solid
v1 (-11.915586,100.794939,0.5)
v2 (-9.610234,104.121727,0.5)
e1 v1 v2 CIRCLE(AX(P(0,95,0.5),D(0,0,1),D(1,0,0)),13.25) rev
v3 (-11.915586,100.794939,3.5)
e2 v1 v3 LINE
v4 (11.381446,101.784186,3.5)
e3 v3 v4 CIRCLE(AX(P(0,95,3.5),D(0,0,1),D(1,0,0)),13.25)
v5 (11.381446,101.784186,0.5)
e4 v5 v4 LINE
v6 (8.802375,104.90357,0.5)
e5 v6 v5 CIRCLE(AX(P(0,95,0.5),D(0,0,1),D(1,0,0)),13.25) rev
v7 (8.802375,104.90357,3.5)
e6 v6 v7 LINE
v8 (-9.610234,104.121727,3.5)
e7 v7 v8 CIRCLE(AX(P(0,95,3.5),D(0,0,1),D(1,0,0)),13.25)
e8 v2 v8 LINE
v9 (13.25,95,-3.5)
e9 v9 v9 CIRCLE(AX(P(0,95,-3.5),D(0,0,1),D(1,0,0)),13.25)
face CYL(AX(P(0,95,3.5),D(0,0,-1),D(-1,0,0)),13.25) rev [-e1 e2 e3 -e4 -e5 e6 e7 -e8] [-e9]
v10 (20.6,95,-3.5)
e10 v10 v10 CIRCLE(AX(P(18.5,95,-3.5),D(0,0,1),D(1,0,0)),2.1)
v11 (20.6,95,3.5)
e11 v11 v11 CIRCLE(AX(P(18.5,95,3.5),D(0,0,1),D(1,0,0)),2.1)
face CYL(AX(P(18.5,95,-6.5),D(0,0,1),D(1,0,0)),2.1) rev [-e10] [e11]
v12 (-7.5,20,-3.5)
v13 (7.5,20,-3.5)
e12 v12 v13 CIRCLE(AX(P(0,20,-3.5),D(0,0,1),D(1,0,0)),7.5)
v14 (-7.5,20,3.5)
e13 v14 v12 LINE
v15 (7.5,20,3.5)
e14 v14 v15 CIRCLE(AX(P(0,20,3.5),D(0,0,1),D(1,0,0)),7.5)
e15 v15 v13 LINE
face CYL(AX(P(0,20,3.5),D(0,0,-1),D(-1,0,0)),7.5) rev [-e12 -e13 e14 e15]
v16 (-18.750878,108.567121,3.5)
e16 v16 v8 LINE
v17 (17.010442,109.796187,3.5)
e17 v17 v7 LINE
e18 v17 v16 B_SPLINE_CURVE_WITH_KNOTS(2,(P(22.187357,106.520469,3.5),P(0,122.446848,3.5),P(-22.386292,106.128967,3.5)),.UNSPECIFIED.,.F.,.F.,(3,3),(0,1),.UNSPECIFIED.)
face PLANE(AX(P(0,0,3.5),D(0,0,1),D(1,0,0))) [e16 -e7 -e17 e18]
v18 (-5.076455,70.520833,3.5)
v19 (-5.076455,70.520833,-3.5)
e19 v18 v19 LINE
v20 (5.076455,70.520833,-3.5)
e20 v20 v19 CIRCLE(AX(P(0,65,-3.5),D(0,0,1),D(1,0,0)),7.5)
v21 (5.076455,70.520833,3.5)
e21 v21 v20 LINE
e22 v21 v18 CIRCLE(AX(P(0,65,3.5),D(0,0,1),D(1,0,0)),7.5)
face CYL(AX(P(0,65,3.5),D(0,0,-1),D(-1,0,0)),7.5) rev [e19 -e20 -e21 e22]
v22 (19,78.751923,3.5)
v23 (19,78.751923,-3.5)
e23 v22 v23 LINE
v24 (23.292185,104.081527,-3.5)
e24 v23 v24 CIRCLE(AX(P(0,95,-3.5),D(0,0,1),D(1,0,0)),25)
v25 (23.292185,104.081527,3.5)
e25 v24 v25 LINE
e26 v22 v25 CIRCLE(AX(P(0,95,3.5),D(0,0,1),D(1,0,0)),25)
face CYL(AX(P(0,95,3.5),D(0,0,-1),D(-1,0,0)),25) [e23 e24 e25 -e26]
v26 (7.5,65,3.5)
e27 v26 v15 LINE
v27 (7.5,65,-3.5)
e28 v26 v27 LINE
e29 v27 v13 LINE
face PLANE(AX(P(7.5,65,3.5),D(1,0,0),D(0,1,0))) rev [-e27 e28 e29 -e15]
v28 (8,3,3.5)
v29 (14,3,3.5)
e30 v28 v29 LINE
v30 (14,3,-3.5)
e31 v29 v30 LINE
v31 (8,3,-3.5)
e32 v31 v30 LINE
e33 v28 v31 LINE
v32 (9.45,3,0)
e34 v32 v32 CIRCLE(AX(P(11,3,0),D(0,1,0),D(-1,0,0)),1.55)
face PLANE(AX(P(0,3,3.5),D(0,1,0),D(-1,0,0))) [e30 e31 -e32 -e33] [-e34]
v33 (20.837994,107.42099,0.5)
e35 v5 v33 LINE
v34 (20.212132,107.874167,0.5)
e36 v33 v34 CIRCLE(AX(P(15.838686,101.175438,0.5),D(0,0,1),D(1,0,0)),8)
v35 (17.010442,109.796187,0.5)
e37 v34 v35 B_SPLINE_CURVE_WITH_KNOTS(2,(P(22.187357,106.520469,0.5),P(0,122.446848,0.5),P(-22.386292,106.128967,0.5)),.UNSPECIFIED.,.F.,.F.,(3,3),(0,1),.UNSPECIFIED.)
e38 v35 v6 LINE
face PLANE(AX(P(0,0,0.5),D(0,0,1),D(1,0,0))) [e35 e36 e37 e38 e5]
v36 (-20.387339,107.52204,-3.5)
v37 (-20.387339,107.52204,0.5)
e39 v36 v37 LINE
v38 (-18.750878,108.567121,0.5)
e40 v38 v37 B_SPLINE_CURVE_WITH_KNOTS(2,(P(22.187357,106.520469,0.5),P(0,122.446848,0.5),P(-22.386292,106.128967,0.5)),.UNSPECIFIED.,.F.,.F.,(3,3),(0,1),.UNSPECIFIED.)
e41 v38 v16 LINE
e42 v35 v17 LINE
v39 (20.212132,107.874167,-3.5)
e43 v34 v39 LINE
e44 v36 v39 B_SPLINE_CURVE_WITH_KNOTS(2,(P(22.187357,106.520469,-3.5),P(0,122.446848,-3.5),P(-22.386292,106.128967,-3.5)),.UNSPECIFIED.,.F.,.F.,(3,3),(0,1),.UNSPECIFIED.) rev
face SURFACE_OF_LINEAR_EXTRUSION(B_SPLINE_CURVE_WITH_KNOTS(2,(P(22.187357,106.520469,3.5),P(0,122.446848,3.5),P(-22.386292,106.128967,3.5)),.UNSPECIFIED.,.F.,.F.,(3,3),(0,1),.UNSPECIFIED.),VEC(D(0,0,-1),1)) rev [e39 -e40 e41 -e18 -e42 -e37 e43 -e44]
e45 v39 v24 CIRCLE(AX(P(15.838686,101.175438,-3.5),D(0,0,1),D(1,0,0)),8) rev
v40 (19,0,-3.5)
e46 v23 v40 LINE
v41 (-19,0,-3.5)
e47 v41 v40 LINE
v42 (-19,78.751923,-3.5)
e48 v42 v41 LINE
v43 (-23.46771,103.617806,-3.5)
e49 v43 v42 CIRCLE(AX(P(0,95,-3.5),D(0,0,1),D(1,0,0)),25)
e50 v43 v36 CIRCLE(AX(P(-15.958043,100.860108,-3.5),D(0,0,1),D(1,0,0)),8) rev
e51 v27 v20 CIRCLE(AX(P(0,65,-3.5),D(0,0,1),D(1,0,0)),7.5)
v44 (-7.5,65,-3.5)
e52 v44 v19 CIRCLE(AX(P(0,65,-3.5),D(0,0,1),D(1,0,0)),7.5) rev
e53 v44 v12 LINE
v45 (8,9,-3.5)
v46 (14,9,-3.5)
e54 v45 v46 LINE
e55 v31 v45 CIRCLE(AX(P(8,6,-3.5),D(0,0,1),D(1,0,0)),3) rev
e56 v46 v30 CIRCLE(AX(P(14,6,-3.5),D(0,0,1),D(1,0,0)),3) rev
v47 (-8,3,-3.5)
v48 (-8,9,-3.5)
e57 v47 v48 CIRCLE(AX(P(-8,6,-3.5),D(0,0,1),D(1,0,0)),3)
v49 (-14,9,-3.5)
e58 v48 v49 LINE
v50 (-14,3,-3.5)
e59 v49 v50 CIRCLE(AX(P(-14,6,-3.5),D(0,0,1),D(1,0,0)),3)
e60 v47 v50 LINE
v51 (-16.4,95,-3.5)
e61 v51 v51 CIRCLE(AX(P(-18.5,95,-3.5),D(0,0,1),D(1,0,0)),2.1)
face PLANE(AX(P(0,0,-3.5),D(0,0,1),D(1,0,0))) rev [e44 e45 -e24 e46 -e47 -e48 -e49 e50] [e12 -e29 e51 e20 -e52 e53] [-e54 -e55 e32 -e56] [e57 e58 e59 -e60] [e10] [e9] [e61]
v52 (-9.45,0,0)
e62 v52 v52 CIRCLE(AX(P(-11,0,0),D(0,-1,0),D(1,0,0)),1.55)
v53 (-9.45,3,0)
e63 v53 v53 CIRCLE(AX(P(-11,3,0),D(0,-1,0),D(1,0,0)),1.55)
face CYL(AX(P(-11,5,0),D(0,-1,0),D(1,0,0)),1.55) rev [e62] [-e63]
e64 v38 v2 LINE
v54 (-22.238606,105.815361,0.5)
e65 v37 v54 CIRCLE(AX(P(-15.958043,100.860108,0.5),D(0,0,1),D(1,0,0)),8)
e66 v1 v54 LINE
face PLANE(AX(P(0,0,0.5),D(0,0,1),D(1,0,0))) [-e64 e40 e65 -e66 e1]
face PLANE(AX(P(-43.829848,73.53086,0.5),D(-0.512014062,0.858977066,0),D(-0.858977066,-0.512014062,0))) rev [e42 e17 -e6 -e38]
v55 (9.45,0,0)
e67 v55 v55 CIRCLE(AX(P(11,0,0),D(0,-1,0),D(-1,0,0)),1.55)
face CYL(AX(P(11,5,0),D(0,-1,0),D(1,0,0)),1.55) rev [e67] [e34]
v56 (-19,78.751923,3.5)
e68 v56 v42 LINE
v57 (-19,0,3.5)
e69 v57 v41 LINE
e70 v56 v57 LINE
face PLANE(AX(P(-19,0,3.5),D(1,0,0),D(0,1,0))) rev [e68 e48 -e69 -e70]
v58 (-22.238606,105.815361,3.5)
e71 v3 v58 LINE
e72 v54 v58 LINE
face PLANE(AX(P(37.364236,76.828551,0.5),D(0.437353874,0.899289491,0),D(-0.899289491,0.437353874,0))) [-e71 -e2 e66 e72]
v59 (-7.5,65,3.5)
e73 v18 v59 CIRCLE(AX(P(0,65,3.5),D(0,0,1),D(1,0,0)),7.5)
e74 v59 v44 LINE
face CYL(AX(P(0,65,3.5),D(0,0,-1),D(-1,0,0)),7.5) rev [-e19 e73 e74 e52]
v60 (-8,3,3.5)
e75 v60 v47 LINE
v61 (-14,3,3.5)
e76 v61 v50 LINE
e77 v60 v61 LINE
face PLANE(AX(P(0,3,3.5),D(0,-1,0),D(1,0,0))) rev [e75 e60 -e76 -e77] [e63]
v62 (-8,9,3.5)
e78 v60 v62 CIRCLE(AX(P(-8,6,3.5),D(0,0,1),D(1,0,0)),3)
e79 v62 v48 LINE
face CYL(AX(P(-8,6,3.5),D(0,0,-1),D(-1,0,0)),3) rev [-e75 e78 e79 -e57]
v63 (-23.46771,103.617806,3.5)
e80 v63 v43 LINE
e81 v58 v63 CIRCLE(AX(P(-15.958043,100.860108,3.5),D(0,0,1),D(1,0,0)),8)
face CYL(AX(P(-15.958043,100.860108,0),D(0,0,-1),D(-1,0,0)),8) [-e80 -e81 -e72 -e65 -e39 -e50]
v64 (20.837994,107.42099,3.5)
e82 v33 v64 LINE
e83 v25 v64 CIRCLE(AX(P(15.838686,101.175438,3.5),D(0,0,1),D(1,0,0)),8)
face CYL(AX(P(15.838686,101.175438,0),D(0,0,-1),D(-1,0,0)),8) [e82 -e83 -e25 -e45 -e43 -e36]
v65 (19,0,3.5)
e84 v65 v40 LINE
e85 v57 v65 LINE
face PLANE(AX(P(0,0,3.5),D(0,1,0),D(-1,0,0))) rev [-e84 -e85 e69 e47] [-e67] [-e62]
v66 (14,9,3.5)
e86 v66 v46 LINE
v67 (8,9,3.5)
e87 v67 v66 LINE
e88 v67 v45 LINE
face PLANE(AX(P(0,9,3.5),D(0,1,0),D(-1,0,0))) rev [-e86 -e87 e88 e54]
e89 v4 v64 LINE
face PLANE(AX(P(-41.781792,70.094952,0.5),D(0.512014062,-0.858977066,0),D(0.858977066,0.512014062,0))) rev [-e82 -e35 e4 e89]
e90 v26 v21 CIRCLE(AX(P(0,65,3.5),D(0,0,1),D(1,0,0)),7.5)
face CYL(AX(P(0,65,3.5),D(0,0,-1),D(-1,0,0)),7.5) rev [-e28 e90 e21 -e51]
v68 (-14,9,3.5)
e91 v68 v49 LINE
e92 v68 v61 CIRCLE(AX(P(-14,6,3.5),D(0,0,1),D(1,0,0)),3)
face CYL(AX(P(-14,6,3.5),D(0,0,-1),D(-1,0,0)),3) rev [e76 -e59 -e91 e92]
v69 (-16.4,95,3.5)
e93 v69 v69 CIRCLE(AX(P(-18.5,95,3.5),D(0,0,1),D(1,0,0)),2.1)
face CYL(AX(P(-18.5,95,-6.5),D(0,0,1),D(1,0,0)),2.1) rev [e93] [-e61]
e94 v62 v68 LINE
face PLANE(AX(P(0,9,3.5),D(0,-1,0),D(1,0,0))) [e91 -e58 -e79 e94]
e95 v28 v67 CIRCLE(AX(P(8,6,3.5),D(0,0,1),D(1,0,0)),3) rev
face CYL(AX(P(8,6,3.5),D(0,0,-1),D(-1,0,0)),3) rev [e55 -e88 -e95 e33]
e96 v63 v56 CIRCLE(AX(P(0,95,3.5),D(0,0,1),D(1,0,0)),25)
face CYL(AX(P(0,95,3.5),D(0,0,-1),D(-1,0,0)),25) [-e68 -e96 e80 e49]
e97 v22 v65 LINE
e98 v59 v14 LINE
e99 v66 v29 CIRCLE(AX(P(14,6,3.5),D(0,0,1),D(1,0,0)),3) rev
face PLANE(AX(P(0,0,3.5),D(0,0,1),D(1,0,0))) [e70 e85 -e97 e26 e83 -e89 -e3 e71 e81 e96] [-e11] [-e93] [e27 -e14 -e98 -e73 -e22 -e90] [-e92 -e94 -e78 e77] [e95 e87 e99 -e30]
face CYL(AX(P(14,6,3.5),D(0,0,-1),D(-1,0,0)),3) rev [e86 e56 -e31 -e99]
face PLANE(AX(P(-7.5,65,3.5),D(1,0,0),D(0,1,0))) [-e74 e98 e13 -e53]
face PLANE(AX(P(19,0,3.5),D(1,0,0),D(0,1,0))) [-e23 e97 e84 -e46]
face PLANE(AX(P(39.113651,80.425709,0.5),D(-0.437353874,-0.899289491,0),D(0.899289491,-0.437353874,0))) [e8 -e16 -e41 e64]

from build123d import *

# Parameters (mm, degrees)
SKETCH_1_R          = 13.25
EXTRUDE_1_DEPTH     = 3.5
SKETCH4_R           = 1.55
CUT_EXTRUDE5_DEPTH  = 5
SKETCH_2_R          = 2.1
CUT_EXTRUDE_1_DEPTH = 10
CUT_EXTRUDE_2_DEPTH = 171.144056611
FILLET_1_R          = 8
CUT_EXTRUDE_3_DEPTH = 3


with BuildPart() as part:
    # 草图1 → 凸台-拉伸1 (new, symmetric)
    with BuildSketch(Plane.XY):
        with BuildLine():
            Line((-19, 0), (19, 0))
            Line((19, 0), (19, 78.751923191))
            ThreePointArc((19, 78.751923191), (0, 120), (-19, 78.751923191))
            Line((-19, 78.751923191), (-19, 0))
        make_face()
        with BuildLine():
            ThreePointArc((-8, 9), (-5, 6), (-8, 3))
            Line((-8, 3), (-14, 3))
            ThreePointArc((-14, 3), (-17, 6), (-14, 9))
            Line((-14, 9), (-8, 9))
        make_face(mode=Mode.SUBTRACT)
        with BuildLine():
            ThreePointArc((8, 3), (5, 6), (8, 9))
            Line((8, 9), (14, 9))
            ThreePointArc((14, 9), (17, 6), (14, 3))
            Line((14, 3), (8, 3))
        make_face(mode=Mode.SUBTRACT)
        with BuildLine():
            ThreePointArc((-7.5, 65), (-5.303300859, 70.303300859), (0, 72.5))
            ThreePointArc((0, 72.5), (5.303300859, 70.303300859), (7.5, 65))
            Line((7.5, 65), (7.5, 20))
            ThreePointArc((7.5, 20), (0, 12.5), (-7.5, 20))
            Line((-7.5, 20), (-7.5, 65))
        make_face(mode=Mode.SUBTRACT)
        with Locations((0, 95)):
            Circle(SKETCH_1_R, mode=Mode.SUBTRACT)
    extrude(amount=EXTRUDE_1_DEPTH, both=True)

    # Sketch4 → Cut-Extrude5 (cut)
    with BuildSketch(Plane(origin=(0, 0, 0), x_dir=(-1, 0, 0), z_dir=(0, -1, 0))):
        with Locations(Location((11, 0, 0), (0, 0, 180))):
            Circle(SKETCH4_R)
        with Locations((-11, 0)):
            Circle(SKETCH4_R)
    extrude(amount=-CUT_EXTRUDE5_DEPTH, mode=Mode.SUBTRACT)

    # 草图2 → 切除-拉伸1 (cut)
    with BuildSketch(Plane.XY.offset(3.5)):
        with Locations((-18.5, 95)):
            Circle(SKETCH_2_R)
        with Locations((18.5, 95)):
            Circle(SKETCH_2_R)
    extrude(amount=-CUT_EXTRUDE_1_DEPTH, mode=Mode.SUBTRACT)

    # 草图4 → 切除-拉伸2 (cut, through all)
    with BuildSketch(Plane(origin=(0, 0, -114.5), x_dir=(-1, 0, 0), z_dir=(0, 0, -1))):
        with BuildLine():
            ThreePointArc((22.386292421, 106.128967232), (0.219572962, 119.999035736), (-22.187356595, 106.520469059))
            add(Edge.make_bspline(
                [(-22.187356595, 106.520469059), (0, 122.446847778), (22.386292421, 106.128967232)],
                knots=[0, 0, 0, 1, 1, 1], degree=2))
        make_face()
    extrude(amount=-CUT_EXTRUDE_2_DEPTH, mode=Mode.SUBTRACT)

    # 圆角1
    fillet_1_edges = [part.edges().sort_by_distance(p)[0] for p in [
        (-22.386292421, 106.128967232, 0),
        (22.187356595, 106.520469059, 0),
    ]]
    fillet(fillet_1_edges, radius=FILLET_1_R)

    # 草图5 → 切除-拉伸3 (cut)
    with BuildSketch(Plane.XY.offset(3.5)):
        Polygon((-22.238605802, 105.815360884), (0, 95), (-0.192853393, 99.54174681), (-22.228779927, 110.258538141), align=None)
        Polygon((-0.192853393, 99.54174681), (0, 95), (21.241716437, 107.661638988), (20.855269273, 112.087989547), align=None)
    extrude(amount=-CUT_EXTRUDE_3_DEPTH, mode=Mode.SUBTRACT)


solid = part.part
